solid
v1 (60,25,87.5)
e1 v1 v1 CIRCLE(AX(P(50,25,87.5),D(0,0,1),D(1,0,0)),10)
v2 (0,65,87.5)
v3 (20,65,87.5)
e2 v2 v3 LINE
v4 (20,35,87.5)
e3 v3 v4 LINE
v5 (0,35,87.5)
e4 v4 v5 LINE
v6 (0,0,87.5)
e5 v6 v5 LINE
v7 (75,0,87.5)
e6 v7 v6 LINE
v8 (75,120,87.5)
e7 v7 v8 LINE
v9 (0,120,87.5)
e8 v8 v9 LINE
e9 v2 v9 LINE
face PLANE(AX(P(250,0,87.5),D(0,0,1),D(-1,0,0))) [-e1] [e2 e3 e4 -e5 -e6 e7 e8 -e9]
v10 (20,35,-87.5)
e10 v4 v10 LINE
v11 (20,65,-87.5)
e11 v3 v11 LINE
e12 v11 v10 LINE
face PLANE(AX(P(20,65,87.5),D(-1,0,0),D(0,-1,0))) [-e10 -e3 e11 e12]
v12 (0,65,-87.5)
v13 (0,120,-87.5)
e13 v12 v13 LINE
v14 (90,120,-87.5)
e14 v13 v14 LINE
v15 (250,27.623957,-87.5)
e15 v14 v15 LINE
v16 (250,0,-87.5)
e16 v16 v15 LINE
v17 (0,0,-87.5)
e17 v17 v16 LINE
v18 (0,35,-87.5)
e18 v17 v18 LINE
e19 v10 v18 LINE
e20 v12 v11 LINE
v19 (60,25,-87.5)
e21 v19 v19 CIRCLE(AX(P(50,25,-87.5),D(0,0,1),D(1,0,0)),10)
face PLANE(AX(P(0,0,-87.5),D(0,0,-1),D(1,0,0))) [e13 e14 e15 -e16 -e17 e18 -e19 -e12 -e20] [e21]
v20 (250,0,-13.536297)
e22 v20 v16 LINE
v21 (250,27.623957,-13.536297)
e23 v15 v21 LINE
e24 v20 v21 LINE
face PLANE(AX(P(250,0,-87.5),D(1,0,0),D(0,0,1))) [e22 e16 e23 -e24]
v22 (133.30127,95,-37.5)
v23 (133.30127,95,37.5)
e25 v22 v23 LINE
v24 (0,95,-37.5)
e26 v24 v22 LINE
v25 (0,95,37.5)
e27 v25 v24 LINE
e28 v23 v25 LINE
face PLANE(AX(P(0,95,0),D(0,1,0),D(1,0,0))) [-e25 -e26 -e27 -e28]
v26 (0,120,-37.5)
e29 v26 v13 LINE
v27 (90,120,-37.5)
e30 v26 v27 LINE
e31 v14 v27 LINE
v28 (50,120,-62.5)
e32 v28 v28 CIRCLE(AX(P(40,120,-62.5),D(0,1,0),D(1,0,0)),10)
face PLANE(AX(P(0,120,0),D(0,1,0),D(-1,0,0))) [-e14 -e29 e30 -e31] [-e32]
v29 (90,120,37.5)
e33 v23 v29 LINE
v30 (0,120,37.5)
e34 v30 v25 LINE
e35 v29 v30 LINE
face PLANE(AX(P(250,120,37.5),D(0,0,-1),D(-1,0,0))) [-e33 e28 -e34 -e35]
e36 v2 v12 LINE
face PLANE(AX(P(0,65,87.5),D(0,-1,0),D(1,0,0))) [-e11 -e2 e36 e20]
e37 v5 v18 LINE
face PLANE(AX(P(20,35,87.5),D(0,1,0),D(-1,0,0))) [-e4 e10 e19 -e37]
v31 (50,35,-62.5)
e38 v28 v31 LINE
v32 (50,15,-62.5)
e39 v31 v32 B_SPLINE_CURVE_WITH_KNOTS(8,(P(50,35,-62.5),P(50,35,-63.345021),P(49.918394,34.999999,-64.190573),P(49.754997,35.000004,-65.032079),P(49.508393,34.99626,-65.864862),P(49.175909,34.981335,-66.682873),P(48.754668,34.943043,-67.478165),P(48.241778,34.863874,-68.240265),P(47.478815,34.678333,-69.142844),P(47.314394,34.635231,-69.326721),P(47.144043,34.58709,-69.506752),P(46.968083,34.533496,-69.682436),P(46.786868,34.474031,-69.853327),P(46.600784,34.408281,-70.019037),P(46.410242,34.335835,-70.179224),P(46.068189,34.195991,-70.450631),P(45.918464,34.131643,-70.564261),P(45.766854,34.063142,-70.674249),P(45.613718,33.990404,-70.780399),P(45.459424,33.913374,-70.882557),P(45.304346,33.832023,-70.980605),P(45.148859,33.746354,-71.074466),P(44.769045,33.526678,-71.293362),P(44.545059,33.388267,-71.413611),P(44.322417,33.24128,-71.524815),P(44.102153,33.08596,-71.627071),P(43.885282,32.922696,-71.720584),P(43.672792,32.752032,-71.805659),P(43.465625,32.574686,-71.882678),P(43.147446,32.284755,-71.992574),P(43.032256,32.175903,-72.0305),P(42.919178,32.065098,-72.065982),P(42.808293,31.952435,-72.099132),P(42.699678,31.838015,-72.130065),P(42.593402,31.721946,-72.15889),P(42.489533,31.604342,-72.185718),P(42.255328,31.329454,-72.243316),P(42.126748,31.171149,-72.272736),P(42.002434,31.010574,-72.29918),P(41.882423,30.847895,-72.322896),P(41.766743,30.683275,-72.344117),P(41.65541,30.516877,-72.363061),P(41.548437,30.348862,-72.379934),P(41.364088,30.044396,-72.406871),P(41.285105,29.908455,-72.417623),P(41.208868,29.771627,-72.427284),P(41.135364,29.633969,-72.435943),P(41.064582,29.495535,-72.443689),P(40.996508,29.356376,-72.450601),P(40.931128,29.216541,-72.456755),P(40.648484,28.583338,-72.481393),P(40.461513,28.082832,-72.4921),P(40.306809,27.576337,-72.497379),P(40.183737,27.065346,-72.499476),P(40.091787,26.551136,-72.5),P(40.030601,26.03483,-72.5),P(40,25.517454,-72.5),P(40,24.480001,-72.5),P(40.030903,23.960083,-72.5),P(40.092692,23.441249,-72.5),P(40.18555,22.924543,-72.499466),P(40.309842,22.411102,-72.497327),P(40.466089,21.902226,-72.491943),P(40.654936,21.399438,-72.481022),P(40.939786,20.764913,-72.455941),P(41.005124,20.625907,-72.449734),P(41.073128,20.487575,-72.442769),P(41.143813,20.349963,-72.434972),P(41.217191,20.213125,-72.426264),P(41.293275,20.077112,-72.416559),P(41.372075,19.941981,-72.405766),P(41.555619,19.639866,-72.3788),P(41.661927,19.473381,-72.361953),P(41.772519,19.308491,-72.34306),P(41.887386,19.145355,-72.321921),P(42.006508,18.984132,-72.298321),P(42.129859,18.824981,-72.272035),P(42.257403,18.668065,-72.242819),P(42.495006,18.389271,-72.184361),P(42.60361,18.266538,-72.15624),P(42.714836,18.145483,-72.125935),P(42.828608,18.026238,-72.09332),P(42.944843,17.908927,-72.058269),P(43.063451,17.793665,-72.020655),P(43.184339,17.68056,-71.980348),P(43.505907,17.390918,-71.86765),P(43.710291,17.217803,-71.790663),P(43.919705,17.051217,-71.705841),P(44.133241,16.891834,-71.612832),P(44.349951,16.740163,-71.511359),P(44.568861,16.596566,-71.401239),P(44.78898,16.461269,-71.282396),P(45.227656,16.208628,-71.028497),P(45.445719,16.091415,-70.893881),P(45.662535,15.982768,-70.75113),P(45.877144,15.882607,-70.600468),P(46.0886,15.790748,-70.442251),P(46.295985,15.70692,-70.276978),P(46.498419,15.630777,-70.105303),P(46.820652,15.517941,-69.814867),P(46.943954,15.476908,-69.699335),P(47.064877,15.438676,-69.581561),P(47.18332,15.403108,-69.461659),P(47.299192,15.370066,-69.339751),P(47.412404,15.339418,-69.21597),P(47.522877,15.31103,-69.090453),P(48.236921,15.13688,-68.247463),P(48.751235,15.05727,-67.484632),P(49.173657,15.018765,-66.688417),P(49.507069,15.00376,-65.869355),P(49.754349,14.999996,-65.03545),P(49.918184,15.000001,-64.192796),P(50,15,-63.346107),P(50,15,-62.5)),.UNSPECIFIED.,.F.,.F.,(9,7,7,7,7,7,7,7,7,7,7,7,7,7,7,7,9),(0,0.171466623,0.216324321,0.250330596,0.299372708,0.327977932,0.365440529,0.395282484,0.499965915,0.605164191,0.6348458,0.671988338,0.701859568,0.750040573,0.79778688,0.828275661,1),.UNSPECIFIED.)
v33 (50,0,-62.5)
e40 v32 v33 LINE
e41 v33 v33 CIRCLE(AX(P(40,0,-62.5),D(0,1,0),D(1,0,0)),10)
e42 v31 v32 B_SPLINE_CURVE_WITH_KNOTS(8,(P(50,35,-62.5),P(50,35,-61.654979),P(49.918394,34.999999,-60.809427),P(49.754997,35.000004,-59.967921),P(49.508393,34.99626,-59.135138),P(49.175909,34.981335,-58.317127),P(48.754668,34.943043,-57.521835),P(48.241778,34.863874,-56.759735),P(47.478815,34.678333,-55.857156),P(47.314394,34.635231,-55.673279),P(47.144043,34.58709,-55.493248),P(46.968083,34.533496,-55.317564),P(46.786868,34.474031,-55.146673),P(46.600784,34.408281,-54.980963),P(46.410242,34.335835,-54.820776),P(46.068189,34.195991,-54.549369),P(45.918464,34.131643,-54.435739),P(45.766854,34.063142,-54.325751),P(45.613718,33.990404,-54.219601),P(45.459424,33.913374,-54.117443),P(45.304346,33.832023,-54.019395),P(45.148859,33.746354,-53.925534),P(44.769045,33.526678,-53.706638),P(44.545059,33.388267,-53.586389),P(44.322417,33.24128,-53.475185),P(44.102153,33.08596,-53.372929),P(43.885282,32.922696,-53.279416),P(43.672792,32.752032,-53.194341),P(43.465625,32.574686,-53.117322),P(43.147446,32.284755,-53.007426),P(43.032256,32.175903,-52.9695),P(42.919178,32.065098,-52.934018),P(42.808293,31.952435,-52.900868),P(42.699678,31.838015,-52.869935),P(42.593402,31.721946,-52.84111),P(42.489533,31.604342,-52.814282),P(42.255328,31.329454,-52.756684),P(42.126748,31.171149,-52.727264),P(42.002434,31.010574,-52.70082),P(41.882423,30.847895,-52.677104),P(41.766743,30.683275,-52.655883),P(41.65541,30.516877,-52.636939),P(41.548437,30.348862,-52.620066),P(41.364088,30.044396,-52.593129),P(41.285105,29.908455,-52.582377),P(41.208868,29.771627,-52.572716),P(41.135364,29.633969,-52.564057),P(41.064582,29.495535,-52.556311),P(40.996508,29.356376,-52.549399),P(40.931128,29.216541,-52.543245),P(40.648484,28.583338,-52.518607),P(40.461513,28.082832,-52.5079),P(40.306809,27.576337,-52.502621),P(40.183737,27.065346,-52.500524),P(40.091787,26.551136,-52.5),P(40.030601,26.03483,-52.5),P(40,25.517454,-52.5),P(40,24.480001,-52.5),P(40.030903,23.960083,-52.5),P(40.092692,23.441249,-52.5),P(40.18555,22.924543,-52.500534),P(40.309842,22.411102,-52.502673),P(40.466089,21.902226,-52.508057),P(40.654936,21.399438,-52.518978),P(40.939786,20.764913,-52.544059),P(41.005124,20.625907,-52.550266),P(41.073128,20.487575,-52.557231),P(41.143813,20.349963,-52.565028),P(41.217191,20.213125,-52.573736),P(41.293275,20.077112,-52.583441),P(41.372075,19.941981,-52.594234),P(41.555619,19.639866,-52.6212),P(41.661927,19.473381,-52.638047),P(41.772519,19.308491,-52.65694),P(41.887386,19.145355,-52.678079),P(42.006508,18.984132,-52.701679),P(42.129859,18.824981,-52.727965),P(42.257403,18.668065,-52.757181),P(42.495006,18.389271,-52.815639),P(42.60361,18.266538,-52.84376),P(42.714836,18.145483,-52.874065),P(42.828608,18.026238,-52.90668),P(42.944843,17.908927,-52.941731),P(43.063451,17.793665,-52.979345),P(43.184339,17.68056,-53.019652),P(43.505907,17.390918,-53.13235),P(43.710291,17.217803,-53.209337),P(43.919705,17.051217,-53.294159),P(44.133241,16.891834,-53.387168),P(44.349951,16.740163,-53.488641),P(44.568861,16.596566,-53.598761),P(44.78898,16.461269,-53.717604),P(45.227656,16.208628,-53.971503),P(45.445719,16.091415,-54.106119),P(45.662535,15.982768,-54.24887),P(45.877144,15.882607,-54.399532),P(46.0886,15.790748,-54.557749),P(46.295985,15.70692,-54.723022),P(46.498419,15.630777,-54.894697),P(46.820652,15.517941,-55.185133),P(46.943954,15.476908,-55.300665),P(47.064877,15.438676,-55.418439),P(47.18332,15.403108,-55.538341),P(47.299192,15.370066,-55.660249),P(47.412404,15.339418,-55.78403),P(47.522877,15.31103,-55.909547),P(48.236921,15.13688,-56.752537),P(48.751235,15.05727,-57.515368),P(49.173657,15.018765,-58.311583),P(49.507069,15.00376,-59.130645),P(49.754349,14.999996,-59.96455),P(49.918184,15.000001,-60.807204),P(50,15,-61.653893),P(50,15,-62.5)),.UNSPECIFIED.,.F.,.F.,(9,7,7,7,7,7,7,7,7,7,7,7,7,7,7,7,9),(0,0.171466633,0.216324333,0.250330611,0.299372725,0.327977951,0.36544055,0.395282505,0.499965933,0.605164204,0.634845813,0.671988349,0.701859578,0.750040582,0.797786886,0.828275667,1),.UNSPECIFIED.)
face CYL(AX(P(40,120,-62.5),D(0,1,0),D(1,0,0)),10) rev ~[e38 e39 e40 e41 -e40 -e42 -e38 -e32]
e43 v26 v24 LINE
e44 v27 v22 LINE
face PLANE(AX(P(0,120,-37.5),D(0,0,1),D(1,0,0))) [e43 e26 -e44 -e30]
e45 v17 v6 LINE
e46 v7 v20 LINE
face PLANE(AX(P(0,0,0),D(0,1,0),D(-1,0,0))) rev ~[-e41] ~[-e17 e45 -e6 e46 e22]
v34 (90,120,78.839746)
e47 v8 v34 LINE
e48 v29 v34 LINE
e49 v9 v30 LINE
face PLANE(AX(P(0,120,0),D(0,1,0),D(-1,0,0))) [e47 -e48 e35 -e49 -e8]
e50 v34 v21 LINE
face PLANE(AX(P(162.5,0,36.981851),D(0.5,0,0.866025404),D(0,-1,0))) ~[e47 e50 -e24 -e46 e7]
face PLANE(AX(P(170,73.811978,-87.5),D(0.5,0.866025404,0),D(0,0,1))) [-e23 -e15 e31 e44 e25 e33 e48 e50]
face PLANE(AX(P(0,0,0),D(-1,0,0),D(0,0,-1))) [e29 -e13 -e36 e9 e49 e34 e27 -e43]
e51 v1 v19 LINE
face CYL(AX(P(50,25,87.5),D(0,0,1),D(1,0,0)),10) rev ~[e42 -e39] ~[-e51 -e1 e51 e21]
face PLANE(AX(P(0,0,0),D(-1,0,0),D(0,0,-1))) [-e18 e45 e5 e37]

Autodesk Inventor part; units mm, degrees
sketch "Sketch2" plane through (0, 0, 0) normal (0, 1, 0) x (-1, 0, 0)
  line L0 (0, -87.5) -> (-250, -87.5)
  line L1 (-250, -87.5) -> (-250, 87.5)
  line L2 (-250, 87.5) -> (0, 87.5)
  line L3 (0, 87.5) -> (0, -87.5)
  line L4 (0, -122.5) -> (0, 122.5) projected
  line L5 (-300, 0) -> (50, 0) projected
  point P0 (0, 0)
  dimension "d0" = 0
  dimension "d1" = 250
  dimension "d2" = 175
  dimension "d3" = 87.5
extrude "Extrusion1" add sketch "Sketch2" along normal blind 120
chamfer "Chamfer1" distance 175 angle 30 1 edges at (250, 60, 87.5) measured on face at (83.3333, 40, 87.5)
chamfer "Chamfer2" distance 160 angle 30 1 edges at (250, 120, -50.5181) measured on face at (108.3333, 120, -4.5121)
sketch "Sketch4" plane through (0, 0, 87.5) normal (0, 0, 1) x (1, 0, 0)
  line L0 (0, 65) -> (20, 65)
  line L1 (20, 65) -> (20, 35)
  line L2 (20, 35) -> (0, 35)
  line L3 (0, 35) -> (0, 65)
  line L4 (0, 144) -> (0, -24) projected
  line L5 (-50, 0) -> (300, 0) projected
  point P0 (0, 0)
  dimension "d15" = 0
  dimension "d16" = 30
  dimension "d17" = 20
  dimension "d18" = 35
sketch "Sketch6" plane through (0, 0, 87.5) normal (0, 0, 1) x (1, 0, 0)
  circle A0 centre (50, 25) radius 10
  line L0 (-50, 0) -> (300, 0) projected
  line L1 (0, 144) -> (0, -24) projected
  point P0 (0, 0)
  dimension "d23" = 20
  dimension "d24" = 25
  dimension "d25" = 50
sketch "Sketch7" plane through (250, 0, -87.5) normal (0, 0, -1) x (-1, 0, 0)
  line L0 (230, 35) -> (250, 35) projected
  line L1 (250, 65) -> (230, 65) projected
  line L2 (230, 65) -> (230, 35) projected
  point P0 (250, 0)
extrude "Extrusion3" cut sketch "Sketch4" against normal up to next
extrude "Extrusion4" cut sketch "Sketch6" against normal up to surface (175 mm away)
sketch "Sketch8" plane through (0, 120, 0) normal (0, 1, 0) x (1, 0, 0)
  circle A0 centre (40, 62.5) radius 10
  line L0 (90, 87.5) -> (0, 87.5) projected
  line L1 (0, 87.5) -> (0, -87.5) projected
  point P0 (0, 0)
  dimension "d28" = 20
  dimension "d29" = 25
  dimension "d30" = 40
extrude "Extrusion5" cut sketch "Sketch8" against normal up to surface (120 mm away)
sketch "Sketch9" plane through (0, 120, 0) normal (0, 1, 0) x (1, 0, 0)
  line L0 (0, 37.5) -> (250, 37.5)
  line L1 (250, 37.5) -> (250, -37.5)
  line L2 (250, -37.5) -> (0, -37.5)
  line L3 (0, -37.5) -> (0, 37.5)
  line L4 (90, 87.5) -> (0, 87.5) projected
  line L5 (0, 87.5) -> (0, -87.5) projected
  point P0 (0, 0)
  dimension "d33" = 50
  dimension "d34" = 75
  dimension "d35" = 0
  dimension "d36" = 250
extrude "Extrusion6" cut sketch "Sketch9" against normal blind 25
equation "\"d3\" = 0.5 * d2"
properties part number "chap3ex3"
